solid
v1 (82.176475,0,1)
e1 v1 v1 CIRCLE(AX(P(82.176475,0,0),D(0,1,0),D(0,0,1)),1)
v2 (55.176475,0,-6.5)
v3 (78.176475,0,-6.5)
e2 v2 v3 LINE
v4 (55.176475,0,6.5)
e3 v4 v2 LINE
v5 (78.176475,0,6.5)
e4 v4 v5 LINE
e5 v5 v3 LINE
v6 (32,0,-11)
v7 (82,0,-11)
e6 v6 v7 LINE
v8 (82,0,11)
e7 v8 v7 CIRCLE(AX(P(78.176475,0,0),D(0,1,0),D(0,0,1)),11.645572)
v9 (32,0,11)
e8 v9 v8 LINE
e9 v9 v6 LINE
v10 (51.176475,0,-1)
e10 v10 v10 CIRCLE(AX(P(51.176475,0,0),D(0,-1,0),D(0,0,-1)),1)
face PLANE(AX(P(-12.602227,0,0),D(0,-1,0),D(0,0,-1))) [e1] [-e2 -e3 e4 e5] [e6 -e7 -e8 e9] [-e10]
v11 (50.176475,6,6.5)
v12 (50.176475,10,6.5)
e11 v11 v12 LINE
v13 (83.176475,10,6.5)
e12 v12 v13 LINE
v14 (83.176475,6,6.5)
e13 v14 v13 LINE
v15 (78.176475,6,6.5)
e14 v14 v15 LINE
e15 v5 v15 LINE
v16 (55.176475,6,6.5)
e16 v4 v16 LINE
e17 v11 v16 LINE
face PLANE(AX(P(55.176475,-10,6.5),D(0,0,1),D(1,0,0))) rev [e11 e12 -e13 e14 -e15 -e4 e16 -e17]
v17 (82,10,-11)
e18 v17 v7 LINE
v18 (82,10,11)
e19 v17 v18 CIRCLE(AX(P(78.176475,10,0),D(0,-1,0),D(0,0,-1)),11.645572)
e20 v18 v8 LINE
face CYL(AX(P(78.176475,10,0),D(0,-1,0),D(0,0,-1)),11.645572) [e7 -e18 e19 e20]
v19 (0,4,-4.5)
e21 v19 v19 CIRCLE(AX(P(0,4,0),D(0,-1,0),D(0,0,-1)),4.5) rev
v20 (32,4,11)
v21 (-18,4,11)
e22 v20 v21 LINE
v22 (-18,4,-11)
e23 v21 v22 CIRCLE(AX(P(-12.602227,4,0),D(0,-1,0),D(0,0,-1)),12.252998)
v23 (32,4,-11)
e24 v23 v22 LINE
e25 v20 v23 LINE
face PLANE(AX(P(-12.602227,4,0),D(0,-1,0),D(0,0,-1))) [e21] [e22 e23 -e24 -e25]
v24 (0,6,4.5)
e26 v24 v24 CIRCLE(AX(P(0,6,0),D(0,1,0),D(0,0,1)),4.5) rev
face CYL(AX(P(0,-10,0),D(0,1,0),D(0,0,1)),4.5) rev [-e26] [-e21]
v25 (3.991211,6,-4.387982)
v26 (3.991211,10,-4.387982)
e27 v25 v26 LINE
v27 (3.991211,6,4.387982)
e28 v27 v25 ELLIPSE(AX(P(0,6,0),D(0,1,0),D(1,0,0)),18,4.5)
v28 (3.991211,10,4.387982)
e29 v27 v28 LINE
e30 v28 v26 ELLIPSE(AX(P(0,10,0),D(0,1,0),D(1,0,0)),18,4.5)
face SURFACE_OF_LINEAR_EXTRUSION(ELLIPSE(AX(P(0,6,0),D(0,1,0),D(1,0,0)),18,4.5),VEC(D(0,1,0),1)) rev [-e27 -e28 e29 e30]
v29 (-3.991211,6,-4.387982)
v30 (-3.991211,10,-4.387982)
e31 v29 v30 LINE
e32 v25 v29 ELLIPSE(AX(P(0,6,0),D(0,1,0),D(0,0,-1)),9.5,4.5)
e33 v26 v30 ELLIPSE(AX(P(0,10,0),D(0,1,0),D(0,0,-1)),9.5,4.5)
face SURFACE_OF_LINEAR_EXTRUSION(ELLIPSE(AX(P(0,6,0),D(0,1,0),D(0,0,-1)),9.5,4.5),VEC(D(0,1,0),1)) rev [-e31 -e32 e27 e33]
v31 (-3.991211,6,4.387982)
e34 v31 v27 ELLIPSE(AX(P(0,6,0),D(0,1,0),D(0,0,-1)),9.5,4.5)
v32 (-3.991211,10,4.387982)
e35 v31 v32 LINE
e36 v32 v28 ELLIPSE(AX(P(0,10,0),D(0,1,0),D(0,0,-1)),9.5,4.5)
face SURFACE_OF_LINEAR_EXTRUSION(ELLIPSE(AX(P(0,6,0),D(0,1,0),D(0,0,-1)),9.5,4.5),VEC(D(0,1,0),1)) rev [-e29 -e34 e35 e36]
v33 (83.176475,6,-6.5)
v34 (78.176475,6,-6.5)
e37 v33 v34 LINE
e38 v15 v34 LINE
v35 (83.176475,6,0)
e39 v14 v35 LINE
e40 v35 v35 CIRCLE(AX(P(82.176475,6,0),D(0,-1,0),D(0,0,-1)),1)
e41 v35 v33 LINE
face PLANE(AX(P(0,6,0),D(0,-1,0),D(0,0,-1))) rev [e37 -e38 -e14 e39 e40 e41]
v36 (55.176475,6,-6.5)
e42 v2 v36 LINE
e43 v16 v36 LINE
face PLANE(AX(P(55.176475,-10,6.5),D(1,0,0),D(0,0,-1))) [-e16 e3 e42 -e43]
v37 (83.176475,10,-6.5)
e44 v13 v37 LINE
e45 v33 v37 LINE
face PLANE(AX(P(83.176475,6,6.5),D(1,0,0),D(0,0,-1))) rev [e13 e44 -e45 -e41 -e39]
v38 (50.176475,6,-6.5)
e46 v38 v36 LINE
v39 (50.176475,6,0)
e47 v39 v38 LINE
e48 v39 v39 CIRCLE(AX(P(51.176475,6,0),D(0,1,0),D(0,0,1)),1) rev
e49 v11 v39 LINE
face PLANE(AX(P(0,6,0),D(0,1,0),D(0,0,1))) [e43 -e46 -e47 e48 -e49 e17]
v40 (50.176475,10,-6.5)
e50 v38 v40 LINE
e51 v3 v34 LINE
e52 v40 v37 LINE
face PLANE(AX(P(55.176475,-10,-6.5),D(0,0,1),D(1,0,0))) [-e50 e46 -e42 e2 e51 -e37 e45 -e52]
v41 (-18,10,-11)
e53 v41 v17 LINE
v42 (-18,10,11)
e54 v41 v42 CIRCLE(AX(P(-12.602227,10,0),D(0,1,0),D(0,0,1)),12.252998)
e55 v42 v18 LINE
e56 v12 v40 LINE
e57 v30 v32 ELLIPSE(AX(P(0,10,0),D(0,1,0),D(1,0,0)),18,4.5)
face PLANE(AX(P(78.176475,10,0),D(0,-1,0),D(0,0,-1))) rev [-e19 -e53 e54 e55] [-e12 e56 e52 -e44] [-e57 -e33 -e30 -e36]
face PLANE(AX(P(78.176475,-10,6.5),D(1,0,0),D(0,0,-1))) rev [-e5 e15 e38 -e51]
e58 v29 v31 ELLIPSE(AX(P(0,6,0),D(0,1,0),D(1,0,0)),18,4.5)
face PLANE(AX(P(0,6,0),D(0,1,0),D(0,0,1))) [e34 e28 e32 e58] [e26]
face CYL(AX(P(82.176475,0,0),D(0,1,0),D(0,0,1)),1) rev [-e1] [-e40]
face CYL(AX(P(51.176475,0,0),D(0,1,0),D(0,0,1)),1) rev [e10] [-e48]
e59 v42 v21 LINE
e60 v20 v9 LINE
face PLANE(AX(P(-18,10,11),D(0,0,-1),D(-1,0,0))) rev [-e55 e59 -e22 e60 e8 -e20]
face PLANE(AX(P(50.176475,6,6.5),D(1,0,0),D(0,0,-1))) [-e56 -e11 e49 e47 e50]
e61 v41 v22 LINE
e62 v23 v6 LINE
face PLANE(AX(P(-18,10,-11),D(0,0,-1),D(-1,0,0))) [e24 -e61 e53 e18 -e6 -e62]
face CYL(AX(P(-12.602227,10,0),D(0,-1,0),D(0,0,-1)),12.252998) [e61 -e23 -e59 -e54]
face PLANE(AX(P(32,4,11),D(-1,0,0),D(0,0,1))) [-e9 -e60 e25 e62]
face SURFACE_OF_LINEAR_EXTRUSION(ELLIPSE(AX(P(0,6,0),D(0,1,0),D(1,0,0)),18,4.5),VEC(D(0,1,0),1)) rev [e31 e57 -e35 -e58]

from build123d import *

# Parameters (mm, degrees)
EXTRUDE_1_DEPTH     = 10
SKETCH_2_R          = 4.5
CUT_EXTRUDE_1_DEPTH = 21
CUT_EXTRUDE_2_DEPTH = 4
SKETCH_4_W          = 23
SKETCH_4_H          = 13
CUT_EXTRUDE_3_DEPTH = 21
SKETCH_5_W          = 5
SKETCH_5_H          = 13
CUT_EXTRUDE_4_DEPTH = 4
CUT_EXTRUDE_5_DEPTH = 10
SKETCH_7_R          = 1
CUT_EXTRUDE_6_DEPTH = 11
CUT_EXTRUDE_7_DEPTH = 4


with BuildPart() as part:
    # 草图1 → 凸台-拉伸1 (new body, symmetric)
    with BuildSketch(Plane(origin=(0, 0, 0), x_dir=(1, 0, 0), z_dir=(0, 1, 0))):
        with BuildLine():
            Line((-18, 11), (82, 11))
            ThreePointArc((82, 11), (89.822046697, 0), (82, -11))
            Line((82, -11), (-18, -11))
            ThreePointArc((-18, -11), (-24.855224852, 0), (-18, 11))
        make_face()
    extrude(amount=EXTRUDE_1_DEPTH, both=True)

    # 草图2 → 切除-拉伸1 (cut, through all)
    with BuildSketch(Plane(origin=(0, 10, 0), x_dir=(1, 0, 0), z_dir=(0, 1, 0))):
        Circle(SKETCH_2_R)
    extrude(amount=-CUT_EXTRUDE_1_DEPTH, mode=Mode.SUBTRACT)

    # 草图3 → 切除-拉伸2 (cut)
    with BuildSketch(Plane(origin=(0, 10, 0), x_dir=(1, 0, 0), z_dir=(0, 1, 0))):
        with BuildLine():
            add(Edge.make_bspline(
                [(-3.991210712, 4.387982431), (-18, 3.591602336), (-18, 0), (-18, -3.591602336), (-3.991210712, -4.387982431)],
                knots=[1.794388632, 1.794388632, 1.794388632, 3.141592654, 3.141592654, 4.488796676, 4.488796676, 4.488796676], degree=2, weights=[1, 0.781579788, 1, 0.781579788, 1]))
            add(Edge.make_bspline(
                [(-3.991210712, -4.387982431), (0, -20.567539049), (3.991210712, -4.387982431)],
                knots=[2.05092453, 2.05092453, 2.05092453, 4.232260777, 4.232260777, 4.232260777], degree=2, weights=[1, 0.461892887, 1]))
            add(Edge.make_bspline(
                [(3.991210712, -4.387982431), (18, -3.591602336), (18, 0), (18, 3.591602336), (3.991210712, 4.387982431)],
                knots=[4.935981285, 4.935981285, 4.935981285, 6.283185307, 6.283185307, 7.630389329, 7.630389329, 7.630389329], degree=2, weights=[1, 0.781579788, 1, 0.781579788, 1]))
            add(Edge.make_bspline(
                [(3.991210712, 4.387982431), (0, 20.567539049), (-3.991210712, 4.387982431)],
                knots=[5.192517184, 5.192517184, 5.192517184, 7.373853431, 7.373853431, 7.373853431], degree=2, weights=[1, 0.461892887, 1]))
        make_face()
    extrude(amount=-CUT_EXTRUDE_2_DEPTH, mode=Mode.SUBTRACT)

    # 草图4 → 切除-拉伸3 (cut, through all)
    with BuildSketch(Plane(origin=(0, 10, 0), x_dir=(1, 0, 0), z_dir=(0, 1, 0))):
        with Locations((66.67647479, 0)):
            Rectangle(SKETCH_4_W, SKETCH_4_H)
    extrude(amount=-CUT_EXTRUDE_3_DEPTH, mode=Mode.SUBTRACT)

    # 草图5 → 切除-拉伸4 (cut)
    with BuildSketch(Plane(origin=(0, 10, 0), x_dir=(1, 0, 0), z_dir=(0, 1, 0))):
        with Locations((52.67647479, 0)):
            Rectangle(SKETCH_5_W, SKETCH_5_H)
        with Locations((80.67647479, 0)):
            Rectangle(SKETCH_5_W, SKETCH_5_H)
    extrude(amount=-CUT_EXTRUDE_4_DEPTH, mode=Mode.SUBTRACT)

    # 草图6 → 切除-拉伸5 (cut)
    with BuildSketch(Plane(origin=(0, -10, 0), x_dir=(-1, 0, 0), z_dir=(0, -1, 0))):
        with BuildLine():
            Line((18, 11), (-82, 11))
            ThreePointArc((-82, 11), (-89.822046697, 0), (-82, -11))
            Line((-82, -11), (18, -11))
            ThreePointArc((18, -11), (24.855224852, 0), (18, 11))
        make_face()
    extrude(amount=-CUT_EXTRUDE_5_DEPTH, mode=Mode.SUBTRACT)

    # 草图7 → 切除-拉伸6 (cut, through all)
    with BuildSketch(Plane(origin=(0, 10, 0), x_dir=(1, 0, 0), z_dir=(0, 1, 0))):
        with Locations((82.17647479, 0)):
            Circle(SKETCH_7_R)
        with Locations((51.17647479, 0)):
            Circle(SKETCH_7_R)
    extrude(amount=-CUT_EXTRUDE_6_DEPTH, mode=Mode.SUBTRACT)

    # 草图8 → 切除-拉伸7 (cut)
    with BuildSketch(Plane(origin=(0, 0, 0), x_dir=(-1, 0, 0), z_dir=(0, -1, 0))):
        with BuildLine():
            Line((-32, -11), (18, -11))
            ThreePointArc((18, -11), (24.855224852, 0), (18, 11))
            Line((18, 11), (-32, 11))
            Line((-32, 11), (-32, -11))
        make_face()
    extrude(amount=-CUT_EXTRUDE_7_DEPTH, mode=Mode.SUBTRACT)


solid = part.part
